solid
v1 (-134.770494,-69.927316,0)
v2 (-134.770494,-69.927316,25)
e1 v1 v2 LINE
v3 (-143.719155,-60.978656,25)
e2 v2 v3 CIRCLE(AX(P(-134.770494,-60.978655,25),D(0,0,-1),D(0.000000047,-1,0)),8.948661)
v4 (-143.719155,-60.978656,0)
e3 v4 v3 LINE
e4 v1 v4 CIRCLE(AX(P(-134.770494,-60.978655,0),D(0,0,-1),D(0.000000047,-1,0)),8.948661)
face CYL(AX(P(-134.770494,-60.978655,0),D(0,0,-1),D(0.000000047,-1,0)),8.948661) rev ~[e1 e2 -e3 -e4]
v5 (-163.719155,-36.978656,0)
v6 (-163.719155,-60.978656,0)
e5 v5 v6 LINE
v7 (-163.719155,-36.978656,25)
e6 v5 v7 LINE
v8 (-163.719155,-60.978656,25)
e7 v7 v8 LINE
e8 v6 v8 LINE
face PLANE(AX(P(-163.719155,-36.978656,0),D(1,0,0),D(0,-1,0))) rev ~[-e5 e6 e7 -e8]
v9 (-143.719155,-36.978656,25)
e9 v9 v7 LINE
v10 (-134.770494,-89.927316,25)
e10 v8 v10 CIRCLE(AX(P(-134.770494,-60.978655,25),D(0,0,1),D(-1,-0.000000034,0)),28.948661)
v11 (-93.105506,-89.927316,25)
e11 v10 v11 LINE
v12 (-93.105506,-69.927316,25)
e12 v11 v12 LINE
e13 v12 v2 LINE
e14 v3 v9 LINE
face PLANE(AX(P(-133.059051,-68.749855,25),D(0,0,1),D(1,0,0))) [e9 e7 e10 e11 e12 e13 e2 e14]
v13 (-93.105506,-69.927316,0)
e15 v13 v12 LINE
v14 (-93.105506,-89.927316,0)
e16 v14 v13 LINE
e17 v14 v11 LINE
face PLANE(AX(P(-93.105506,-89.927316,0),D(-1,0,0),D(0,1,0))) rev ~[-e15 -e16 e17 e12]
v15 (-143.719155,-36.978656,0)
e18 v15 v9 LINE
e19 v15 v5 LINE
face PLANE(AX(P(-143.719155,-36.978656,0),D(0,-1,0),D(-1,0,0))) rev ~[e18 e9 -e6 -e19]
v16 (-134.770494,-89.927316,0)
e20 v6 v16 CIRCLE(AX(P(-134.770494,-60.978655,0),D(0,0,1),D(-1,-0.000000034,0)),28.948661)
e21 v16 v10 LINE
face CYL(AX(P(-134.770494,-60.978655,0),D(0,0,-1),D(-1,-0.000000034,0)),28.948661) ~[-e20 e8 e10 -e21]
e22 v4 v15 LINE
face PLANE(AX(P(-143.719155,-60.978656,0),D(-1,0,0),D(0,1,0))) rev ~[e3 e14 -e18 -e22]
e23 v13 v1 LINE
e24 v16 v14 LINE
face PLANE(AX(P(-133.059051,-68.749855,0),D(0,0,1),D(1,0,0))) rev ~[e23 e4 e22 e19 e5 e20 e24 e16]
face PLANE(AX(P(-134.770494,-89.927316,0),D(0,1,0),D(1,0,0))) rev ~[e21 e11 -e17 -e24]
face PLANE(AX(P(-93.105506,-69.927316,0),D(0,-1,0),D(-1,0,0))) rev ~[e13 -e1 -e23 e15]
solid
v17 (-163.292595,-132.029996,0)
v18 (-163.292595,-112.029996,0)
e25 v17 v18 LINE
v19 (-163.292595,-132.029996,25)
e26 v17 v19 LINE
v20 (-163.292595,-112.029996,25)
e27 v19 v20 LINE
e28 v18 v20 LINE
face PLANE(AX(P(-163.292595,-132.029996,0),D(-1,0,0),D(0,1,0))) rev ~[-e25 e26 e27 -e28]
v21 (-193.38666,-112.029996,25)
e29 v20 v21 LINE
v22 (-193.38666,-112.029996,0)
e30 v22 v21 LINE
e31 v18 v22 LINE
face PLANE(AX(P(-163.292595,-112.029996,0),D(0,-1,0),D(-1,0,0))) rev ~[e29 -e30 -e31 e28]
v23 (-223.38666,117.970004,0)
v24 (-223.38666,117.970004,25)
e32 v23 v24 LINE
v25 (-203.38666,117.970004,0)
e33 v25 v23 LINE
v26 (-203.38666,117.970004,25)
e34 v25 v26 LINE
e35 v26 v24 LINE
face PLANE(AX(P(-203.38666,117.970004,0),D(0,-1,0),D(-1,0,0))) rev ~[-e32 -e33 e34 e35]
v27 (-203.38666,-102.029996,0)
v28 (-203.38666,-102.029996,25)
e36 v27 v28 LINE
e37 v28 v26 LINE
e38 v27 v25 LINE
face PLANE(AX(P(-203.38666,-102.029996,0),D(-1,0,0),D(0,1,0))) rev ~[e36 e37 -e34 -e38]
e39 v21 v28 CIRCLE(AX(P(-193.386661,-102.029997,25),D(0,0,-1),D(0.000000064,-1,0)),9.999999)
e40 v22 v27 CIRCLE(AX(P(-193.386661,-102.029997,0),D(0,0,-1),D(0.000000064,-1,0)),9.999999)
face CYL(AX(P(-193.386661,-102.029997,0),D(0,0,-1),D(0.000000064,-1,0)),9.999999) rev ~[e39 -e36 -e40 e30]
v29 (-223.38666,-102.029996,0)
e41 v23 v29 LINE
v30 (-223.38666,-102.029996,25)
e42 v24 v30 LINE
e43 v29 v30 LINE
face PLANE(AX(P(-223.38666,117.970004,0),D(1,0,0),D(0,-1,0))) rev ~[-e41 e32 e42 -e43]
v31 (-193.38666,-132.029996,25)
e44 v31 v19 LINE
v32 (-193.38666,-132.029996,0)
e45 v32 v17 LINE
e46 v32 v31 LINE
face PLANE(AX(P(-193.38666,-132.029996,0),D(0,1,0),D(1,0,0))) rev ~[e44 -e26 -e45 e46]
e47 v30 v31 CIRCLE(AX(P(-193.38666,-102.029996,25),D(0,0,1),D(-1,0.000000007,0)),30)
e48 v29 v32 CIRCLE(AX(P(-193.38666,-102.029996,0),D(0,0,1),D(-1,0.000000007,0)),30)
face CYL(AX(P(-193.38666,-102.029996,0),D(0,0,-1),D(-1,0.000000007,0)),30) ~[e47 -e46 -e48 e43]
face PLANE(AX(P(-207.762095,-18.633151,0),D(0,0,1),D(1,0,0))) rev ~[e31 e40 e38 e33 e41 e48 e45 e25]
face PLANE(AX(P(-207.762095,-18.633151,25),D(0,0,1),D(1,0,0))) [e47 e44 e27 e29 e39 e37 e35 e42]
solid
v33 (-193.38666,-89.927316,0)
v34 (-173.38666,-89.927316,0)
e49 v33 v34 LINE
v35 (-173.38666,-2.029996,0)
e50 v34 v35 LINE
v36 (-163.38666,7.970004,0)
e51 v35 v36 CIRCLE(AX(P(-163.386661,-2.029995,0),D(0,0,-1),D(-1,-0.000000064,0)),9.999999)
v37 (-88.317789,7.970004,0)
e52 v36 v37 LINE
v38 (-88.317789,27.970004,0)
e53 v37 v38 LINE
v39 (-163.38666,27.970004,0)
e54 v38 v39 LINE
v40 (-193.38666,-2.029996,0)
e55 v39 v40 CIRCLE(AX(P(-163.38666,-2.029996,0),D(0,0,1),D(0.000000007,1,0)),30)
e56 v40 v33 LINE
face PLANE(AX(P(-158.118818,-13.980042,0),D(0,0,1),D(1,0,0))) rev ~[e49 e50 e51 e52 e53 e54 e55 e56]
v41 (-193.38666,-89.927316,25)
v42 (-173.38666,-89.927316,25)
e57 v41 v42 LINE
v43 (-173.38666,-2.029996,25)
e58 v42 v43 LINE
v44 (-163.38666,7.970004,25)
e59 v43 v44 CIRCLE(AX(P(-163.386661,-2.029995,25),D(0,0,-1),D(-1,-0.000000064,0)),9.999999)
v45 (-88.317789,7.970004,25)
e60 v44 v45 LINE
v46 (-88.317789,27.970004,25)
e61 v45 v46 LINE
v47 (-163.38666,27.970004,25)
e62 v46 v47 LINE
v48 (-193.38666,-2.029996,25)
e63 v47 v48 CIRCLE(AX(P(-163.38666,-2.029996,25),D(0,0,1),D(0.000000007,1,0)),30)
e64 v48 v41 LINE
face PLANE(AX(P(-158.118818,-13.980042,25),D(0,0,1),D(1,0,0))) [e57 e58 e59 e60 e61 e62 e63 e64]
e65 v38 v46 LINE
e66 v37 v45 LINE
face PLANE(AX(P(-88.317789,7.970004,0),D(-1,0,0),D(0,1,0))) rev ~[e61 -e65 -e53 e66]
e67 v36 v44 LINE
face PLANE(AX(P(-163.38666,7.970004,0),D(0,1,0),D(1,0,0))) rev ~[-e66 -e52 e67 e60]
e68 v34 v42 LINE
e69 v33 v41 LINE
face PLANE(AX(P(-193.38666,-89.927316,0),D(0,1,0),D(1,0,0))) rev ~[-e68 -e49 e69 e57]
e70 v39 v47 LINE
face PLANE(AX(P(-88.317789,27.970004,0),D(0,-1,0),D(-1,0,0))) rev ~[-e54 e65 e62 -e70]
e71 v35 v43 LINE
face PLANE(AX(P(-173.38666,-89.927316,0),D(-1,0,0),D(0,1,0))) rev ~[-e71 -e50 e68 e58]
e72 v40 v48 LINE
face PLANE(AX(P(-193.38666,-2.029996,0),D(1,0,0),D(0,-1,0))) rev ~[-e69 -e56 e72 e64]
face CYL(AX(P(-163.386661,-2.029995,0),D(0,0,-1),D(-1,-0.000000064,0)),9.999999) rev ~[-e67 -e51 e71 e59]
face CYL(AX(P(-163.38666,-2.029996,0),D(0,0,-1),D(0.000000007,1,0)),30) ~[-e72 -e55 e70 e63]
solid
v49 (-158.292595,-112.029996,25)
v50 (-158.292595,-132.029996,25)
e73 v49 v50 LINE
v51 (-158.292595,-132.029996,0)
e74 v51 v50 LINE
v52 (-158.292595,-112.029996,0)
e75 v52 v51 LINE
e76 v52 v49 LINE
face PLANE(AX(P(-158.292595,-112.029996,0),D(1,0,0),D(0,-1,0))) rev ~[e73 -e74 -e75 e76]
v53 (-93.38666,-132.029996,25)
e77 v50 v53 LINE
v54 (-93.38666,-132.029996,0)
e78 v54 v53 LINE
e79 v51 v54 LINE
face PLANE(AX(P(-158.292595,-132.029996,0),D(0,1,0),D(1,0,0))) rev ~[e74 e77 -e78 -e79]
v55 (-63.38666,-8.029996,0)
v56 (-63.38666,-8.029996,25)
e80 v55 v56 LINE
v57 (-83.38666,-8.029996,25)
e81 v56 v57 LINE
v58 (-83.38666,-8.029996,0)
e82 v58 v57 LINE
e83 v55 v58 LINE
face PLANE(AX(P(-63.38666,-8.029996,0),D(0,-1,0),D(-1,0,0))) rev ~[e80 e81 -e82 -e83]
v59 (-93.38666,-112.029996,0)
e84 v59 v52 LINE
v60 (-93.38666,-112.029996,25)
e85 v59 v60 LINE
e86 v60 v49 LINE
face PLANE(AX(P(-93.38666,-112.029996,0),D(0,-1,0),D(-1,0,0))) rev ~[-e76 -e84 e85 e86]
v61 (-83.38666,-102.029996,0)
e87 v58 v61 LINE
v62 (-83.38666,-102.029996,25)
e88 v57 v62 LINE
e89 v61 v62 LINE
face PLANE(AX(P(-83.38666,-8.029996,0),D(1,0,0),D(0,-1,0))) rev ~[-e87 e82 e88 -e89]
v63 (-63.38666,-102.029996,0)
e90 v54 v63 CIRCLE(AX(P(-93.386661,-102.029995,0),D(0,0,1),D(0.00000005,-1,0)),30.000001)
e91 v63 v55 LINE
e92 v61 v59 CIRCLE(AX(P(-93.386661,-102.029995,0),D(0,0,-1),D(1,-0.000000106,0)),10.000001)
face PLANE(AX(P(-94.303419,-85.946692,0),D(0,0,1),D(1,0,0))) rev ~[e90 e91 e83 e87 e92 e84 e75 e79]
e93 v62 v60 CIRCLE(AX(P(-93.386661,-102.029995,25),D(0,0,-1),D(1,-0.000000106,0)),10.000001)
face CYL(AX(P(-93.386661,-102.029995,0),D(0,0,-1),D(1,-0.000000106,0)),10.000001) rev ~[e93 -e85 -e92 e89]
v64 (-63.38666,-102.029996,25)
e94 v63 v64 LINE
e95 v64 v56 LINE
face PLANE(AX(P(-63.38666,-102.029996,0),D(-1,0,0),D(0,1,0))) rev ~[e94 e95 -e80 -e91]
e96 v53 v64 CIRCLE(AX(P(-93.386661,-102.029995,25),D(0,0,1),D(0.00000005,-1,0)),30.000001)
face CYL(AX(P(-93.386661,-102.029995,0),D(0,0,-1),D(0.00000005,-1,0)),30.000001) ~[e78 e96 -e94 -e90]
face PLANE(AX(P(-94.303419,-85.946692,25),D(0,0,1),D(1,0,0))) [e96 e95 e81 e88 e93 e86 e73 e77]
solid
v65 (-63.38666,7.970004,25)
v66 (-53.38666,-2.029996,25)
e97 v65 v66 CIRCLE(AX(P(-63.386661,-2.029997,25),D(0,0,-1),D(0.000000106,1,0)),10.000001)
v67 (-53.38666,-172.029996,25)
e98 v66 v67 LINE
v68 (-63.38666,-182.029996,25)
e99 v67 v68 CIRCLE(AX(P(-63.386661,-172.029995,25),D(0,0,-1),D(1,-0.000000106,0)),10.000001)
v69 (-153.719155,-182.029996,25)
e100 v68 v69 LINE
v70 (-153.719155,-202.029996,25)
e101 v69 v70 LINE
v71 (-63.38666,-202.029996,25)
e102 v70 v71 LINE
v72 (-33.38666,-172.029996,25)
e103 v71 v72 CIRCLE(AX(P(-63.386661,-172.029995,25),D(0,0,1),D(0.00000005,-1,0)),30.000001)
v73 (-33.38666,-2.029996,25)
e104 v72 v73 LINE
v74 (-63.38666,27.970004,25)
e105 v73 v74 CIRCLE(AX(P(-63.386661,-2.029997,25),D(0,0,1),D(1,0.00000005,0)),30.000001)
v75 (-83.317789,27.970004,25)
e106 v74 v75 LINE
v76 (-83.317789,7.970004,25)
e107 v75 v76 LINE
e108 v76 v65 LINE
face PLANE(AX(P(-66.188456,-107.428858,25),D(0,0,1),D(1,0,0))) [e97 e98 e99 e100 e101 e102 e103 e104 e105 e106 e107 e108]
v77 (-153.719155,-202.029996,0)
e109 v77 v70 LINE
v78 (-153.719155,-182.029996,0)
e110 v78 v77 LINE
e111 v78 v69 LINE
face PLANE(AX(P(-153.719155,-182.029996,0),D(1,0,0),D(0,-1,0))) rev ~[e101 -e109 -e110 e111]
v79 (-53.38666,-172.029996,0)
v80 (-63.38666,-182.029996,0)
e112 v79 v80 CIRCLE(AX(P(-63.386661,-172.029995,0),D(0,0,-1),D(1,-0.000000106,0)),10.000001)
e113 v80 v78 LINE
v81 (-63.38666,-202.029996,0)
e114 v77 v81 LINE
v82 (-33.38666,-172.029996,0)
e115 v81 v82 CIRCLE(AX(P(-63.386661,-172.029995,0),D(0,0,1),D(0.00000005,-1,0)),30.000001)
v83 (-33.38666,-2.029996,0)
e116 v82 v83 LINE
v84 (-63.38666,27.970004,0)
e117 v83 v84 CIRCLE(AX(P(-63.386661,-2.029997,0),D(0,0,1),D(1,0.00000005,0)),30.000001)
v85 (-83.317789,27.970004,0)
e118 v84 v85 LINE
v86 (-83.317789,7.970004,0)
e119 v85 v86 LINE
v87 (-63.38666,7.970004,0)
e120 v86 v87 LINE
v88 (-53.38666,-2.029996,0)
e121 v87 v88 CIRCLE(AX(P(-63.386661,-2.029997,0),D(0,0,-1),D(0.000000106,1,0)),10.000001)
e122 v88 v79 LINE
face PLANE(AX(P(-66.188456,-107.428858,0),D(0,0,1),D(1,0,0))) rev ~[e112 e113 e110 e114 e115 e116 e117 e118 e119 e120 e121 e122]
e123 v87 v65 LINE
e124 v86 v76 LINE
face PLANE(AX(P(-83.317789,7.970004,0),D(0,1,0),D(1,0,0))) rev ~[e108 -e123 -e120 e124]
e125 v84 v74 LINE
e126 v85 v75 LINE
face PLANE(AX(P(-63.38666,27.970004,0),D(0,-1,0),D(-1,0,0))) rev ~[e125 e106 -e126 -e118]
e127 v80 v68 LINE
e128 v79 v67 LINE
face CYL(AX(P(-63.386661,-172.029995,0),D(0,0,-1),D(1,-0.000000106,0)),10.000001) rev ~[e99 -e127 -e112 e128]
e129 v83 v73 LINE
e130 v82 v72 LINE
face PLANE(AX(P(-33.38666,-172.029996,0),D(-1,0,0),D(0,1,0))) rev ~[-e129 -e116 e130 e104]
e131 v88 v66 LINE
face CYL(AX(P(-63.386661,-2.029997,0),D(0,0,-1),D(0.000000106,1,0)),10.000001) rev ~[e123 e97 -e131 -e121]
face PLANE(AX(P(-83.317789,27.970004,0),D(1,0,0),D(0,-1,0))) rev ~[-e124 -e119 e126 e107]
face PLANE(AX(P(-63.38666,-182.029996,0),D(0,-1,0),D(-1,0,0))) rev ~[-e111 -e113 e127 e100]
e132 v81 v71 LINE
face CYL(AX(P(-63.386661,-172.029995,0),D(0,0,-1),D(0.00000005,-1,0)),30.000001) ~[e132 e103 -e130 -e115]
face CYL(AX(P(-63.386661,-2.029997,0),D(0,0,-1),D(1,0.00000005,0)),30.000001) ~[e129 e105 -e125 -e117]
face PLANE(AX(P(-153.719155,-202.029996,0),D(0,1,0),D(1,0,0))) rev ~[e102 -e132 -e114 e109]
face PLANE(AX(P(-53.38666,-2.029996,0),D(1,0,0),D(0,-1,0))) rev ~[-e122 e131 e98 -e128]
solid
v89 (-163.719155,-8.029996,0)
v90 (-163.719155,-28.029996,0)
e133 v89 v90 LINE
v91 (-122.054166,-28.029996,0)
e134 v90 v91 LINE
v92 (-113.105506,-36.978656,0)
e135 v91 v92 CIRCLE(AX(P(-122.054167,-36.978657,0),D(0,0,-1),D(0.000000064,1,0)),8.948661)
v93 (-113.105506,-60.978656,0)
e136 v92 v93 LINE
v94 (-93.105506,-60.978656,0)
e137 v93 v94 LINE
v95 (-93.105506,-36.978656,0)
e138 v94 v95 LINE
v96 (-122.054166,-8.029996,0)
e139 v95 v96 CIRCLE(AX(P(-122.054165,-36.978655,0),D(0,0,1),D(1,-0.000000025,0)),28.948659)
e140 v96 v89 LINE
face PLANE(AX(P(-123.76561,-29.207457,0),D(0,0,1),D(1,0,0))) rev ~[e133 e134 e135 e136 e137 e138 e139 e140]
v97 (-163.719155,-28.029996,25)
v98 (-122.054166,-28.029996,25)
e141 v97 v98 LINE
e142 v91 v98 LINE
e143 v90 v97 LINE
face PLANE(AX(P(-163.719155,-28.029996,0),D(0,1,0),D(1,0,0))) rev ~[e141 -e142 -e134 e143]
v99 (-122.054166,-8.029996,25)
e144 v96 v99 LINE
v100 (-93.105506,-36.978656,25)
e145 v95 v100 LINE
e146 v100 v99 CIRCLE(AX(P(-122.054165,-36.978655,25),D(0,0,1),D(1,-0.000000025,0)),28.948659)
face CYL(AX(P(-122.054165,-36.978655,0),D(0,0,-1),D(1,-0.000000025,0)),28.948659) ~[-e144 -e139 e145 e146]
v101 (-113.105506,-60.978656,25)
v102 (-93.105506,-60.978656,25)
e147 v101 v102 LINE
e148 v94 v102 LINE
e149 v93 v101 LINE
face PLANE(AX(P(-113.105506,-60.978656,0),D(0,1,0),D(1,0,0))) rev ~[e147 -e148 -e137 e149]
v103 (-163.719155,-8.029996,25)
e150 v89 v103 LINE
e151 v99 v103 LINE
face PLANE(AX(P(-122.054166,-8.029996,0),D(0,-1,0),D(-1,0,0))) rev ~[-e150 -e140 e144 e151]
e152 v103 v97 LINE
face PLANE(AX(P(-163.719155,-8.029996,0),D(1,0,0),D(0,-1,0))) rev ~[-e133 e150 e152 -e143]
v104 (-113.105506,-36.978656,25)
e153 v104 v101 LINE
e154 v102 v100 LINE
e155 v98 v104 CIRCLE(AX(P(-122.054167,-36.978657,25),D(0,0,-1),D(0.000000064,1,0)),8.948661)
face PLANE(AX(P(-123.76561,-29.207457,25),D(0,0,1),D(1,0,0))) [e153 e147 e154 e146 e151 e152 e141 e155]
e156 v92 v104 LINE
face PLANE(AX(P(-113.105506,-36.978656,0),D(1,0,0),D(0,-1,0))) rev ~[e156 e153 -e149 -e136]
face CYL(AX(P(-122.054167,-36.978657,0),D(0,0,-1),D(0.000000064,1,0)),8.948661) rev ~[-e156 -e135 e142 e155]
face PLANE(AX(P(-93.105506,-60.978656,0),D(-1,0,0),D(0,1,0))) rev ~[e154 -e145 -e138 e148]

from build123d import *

# Parameters (mm, degrees)
F1_DEPTH = 25


with BuildPart() as f1:
    # F0 (on Top) → F1 (new body)
    with BuildSketch(Plane.XY):
        with BuildLine():
            ThreePointArc((-193.38666, -112.029996), (-200.457728, -109.101064), (-203.38666, -102.029996))
            Line((-203.38666, -102.029996), (-203.38666, 117.970004))
            Line((-203.38666, 117.970004), (-223.38666, 117.970004))
            Line((-223.38666, 117.970004), (-223.38666, -102.029996))
            ThreePointArc((-223.38666, -102.029996), (-214.599864, -123.243199), (-193.38666, -132.029996))
            Line((-193.38666, -132.029996), (-163.292595, -132.029996))
            Line((-163.292595, -132.029996), (-163.292595, -112.029996))
            Line((-163.292595, -112.029996), (-193.38666, -112.029996))
        make_face()
        with BuildLine():
            ThreePointArc((-173.38666, -2.029996), (-170.457728, 5.041072), (-163.38666, 7.970004))
            Line((-163.38666, 7.970004), (-88.317789, 7.970004))
            Line((-88.317789, 7.970004), (-88.317789, 27.970004))
            Line((-88.317789, 27.970004), (-163.38666, 27.970004))
            ThreePointArc((-163.38666, 27.970004), (-184.599864, 19.183207), (-193.38666, -2.029996))
            Line((-193.38666, -2.029996), (-193.38666, -89.927316))
            Line((-193.38666, -89.927316), (-173.38666, -89.927316))
            Line((-173.38666, -89.927316), (-173.38666, -2.029996))
        make_face()
        with BuildLine():
            ThreePointArc((-134.770494, -69.927316), (-141.098153, -67.306314), (-143.719155, -60.978656))
            Line((-143.719155, -60.978656), (-143.719155, -36.978656))
            Line((-143.719155, -36.978656), (-163.719155, -36.978656))
            Line((-163.719155, -36.978656), (-163.719155, -60.978656))
            ThreePointArc((-163.719155, -60.978656), (-155.240288, -81.44845), (-134.770494, -89.927316))
            Line((-134.770494, -89.927316), (-93.105506, -89.927316))
            Line((-93.105506, -89.927316), (-93.105506, -69.927316))
            Line((-93.105506, -69.927316), (-134.770494, -69.927316))
        make_face()
        with BuildLine():
            ThreePointArc((-83.38666, -102.029996), (-86.315593, -109.101064), (-93.38666, -112.029996))
            Line((-93.38666, -112.029996), (-158.292595, -112.029996))
            Line((-158.292595, -112.029996), (-158.292595, -132.029996))
            Line((-158.292595, -132.029996), (-93.38666, -132.029996))
            ThreePointArc((-93.38666, -132.029996), (-72.173457, -123.243199), (-63.38666, -102.029996))
            Line((-63.38666, -102.029996), (-63.38666, -8.029996))
            Line((-63.38666, -8.029996), (-83.38666, -8.029996))
            Line((-83.38666, -8.029996), (-83.38666, -102.029996))
        make_face()
        with BuildLine():
            ThreePointArc((-63.38666, 7.970004), (-56.315593, 5.041072), (-53.38666, -2.029996))
            Line((-53.38666, -2.029996), (-53.38666, -172.029996))
            ThreePointArc((-53.38666, -172.029996), (-56.315593, -179.101064), (-63.38666, -182.029996))
            Line((-63.38666, -182.029996), (-153.719155, -182.029996))
            Line((-153.719155, -182.029996), (-153.719155, -202.029996))
            Line((-153.719155, -202.029996), (-63.38666, -202.029996))
            ThreePointArc((-63.38666, -202.029996), (-42.173457, -193.243199), (-33.38666, -172.029996))
            Line((-33.38666, -172.029996), (-33.38666, -2.029996))
            ThreePointArc((-33.38666, -2.029996), (-42.173457, 19.183207), (-63.38666, 27.970004))
            Line((-63.38666, 27.970004), (-83.317789, 27.970004))
            Line((-83.317789, 27.970004), (-83.317789, 7.970004))
            Line((-83.317789, 7.970004), (-63.38666, 7.970004))
        make_face()
        with BuildLine():
            Line((-113.105506, -36.978656), (-113.105506, -60.978656))
            Line((-113.105506, -60.978656), (-93.105506, -60.978656))
            Line((-93.105506, -60.978656), (-93.105506, -36.978656))
            ThreePointArc((-93.105506, -36.978656), (-101.584372, -16.508862), (-122.054166, -8.029996))
            Line((-122.054166, -8.029996), (-163.719155, -8.029996))
            Line((-163.719155, -8.029996), (-163.719155, -28.029996))
            Line((-163.719155, -28.029996), (-122.054166, -28.029996))
            ThreePointArc((-122.054166, -28.029996), (-115.726508, -30.650998), (-113.105506, -36.978656))
        make_face()
    extrude(amount=F1_DEPTH)


solid = f1.part
